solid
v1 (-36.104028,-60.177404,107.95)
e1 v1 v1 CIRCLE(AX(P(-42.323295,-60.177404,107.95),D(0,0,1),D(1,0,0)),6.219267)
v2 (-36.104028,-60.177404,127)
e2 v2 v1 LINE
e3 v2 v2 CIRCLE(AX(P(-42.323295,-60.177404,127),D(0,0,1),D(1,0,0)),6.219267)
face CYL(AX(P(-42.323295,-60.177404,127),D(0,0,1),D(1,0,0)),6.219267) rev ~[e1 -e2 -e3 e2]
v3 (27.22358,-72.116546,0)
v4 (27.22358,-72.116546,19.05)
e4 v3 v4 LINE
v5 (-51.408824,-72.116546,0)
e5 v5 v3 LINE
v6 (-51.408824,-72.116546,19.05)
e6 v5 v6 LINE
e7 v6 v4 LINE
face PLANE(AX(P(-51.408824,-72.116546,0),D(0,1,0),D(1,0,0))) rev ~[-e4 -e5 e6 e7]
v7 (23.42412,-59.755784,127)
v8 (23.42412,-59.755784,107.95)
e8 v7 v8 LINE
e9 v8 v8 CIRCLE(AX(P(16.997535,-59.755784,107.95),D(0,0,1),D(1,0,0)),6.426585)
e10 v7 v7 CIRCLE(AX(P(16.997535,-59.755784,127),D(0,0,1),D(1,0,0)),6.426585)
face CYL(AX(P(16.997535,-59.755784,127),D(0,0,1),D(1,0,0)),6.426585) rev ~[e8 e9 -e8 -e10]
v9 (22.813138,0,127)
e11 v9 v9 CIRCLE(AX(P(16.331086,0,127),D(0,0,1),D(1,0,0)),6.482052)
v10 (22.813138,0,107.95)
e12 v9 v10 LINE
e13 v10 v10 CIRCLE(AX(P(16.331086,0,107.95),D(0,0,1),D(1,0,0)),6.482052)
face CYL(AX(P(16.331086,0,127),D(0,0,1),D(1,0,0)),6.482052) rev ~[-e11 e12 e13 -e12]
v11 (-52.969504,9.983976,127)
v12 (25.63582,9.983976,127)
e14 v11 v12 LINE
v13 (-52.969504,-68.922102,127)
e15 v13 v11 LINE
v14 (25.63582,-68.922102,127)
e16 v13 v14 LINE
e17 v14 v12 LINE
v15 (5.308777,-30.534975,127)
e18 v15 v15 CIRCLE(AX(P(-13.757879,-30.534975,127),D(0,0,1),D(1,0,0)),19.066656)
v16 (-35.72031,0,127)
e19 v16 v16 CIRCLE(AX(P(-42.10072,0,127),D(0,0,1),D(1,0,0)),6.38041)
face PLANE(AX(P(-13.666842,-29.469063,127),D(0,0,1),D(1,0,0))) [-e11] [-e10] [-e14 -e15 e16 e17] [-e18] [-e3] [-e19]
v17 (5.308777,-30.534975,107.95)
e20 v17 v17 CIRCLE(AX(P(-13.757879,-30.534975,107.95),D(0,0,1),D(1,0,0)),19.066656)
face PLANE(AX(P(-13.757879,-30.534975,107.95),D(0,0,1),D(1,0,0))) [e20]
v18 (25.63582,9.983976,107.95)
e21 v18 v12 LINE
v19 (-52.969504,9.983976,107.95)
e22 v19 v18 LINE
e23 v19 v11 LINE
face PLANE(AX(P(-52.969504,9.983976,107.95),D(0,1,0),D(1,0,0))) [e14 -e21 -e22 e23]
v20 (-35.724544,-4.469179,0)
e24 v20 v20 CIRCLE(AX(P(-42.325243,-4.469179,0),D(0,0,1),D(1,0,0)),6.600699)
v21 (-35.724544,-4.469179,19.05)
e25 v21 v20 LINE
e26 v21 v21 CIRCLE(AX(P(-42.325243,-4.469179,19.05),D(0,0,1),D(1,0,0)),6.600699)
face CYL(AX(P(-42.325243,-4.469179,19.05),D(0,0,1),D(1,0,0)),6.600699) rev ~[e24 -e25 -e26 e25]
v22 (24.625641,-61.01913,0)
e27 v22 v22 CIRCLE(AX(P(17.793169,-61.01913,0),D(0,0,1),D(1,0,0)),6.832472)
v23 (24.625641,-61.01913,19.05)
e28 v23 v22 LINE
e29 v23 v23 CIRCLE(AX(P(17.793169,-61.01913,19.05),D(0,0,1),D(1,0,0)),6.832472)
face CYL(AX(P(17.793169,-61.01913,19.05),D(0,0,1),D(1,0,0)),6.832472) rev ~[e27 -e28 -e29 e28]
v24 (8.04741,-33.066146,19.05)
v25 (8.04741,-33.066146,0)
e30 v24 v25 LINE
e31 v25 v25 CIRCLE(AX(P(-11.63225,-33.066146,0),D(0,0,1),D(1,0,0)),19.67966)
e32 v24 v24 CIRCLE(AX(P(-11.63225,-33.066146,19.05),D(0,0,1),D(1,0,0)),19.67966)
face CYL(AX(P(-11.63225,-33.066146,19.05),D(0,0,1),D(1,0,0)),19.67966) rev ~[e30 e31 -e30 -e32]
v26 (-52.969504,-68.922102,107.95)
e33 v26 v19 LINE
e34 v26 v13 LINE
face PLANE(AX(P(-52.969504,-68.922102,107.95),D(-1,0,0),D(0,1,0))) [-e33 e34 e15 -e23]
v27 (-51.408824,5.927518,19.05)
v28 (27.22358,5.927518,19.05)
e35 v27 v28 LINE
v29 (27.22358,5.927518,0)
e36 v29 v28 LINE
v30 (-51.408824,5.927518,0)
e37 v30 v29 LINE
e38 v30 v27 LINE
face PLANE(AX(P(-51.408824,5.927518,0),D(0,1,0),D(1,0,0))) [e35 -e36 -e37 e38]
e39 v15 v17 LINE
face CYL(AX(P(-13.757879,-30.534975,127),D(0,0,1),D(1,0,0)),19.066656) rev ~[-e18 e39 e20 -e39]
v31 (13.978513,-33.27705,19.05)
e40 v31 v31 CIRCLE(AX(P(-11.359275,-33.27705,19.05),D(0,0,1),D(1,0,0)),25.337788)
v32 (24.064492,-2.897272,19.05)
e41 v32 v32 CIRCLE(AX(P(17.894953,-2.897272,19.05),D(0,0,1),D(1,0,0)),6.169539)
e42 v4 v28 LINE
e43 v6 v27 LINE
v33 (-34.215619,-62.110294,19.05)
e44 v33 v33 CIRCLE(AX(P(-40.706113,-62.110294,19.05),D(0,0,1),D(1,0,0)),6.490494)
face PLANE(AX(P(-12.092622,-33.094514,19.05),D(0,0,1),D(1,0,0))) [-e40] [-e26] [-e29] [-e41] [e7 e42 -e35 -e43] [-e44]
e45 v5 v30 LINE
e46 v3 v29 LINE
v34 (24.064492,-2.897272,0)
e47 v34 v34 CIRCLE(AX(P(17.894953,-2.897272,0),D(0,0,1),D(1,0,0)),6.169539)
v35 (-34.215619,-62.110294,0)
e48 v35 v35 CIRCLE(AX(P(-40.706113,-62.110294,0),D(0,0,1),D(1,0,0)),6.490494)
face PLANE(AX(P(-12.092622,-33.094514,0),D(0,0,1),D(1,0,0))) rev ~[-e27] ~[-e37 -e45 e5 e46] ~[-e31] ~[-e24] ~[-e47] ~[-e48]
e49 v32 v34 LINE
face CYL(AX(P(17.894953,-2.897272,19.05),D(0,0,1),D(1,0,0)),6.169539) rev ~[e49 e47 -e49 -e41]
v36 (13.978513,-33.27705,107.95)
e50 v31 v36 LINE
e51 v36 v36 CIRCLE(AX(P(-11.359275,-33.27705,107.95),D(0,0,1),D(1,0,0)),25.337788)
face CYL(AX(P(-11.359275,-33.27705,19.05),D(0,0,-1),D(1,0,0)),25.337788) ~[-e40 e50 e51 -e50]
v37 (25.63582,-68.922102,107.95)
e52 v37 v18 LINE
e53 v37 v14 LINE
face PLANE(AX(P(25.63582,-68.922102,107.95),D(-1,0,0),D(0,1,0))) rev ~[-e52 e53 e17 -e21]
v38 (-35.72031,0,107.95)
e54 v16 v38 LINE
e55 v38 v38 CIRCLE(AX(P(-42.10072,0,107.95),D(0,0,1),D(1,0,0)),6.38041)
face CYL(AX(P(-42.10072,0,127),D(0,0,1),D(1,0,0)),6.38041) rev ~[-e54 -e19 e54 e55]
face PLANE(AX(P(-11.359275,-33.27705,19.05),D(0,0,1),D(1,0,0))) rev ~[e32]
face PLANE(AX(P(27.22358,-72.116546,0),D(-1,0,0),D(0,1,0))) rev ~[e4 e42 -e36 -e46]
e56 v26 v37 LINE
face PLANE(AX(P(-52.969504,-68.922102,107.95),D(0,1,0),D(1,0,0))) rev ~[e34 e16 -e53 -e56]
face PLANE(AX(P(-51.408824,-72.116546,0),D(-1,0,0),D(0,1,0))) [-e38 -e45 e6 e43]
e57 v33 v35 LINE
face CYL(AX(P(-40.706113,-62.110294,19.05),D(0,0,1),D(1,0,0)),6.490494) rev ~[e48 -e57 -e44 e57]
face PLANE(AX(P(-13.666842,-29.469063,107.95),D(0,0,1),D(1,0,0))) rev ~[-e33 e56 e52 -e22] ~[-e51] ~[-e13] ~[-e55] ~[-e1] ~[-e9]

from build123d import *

# Parameters (mm, degrees)
F0_W      = 78.632404
F0_H      = 78.044064
F1_DEPTH  = 19.05
F7_R      = 19.67966
F8_DEPTH  = 25.4
F9_R      = 25.337788
F10_DEPTH = 88.9
F11_W     = 78.605324
F11_H     = 78.906078
F12_DEPTH = 19.05
F13_R     = 19.066656
F14_DEPTH = 19.05
F6_R      = 6.832472
F15_DEPTH = 304.8
F4_R      = 6.169539
F16_DEPTH = 25.4
F3_R      = 6.600699
F17_DEPTH = 25.4
F5_R      = 6.490494
F18_DEPTH = 25.4
F19_R     = 6.482052
F19_R_2   = 6.426585
F19_R_3   = 6.219267
F19_R_4   = 6.38041
F20_DEPTH = 25.4


with BuildPart() as f1:
    # F0 (on Top) → F1 (new body)
    with BuildSketch(Plane.XY):
        with Locations((-12.092622, -33.094514)):
            Rectangle(F0_W, F0_H)
    extrude(amount=F1_DEPTH)

    # F7 (on face) → F8 (cut)
    with BuildSketch(Plane.XY.offset(19.05)):
        with Locations((-11.63225, -33.066146)):
            Circle(F7_R)
    extrude(amount=-F8_DEPTH, mode=Mode.SUBTRACT)

    # F9 (on face) → F10 (join)
    with BuildSketch(Plane.XY.offset(19.05)):
        with Locations((-11.359275, -33.27705)):
            Circle(F9_R)
    extrude(amount=F10_DEPTH)

    # F11 (on face) → F12 (join)
    with BuildSketch(Plane.XY.offset(107.95)):
        with Locations((-13.666842, -29.469063)):
            Rectangle(F11_W, F11_H)
    extrude(amount=F12_DEPTH)

    # F13 (on face) → F14 (cut)
    with BuildSketch(Plane.XY.offset(127)):
        with Locations((-13.757879, -30.534975)):
            Circle(F13_R)
    extrude(amount=-F14_DEPTH, mode=Mode.SUBTRACT)

    # F6 (on face) → F15 (cut)
    with BuildSketch(Plane.XY.offset(19.05)):
        with Locations((17.793169, -61.01913)):
            Circle(F6_R)
    extrude(amount=-F15_DEPTH, mode=Mode.SUBTRACT)

    # F4 (on face) → F16 (cut)
    with BuildSketch(Plane.XY.offset(19.05)):
        with Locations((17.894953, -2.897272)):
            Circle(F4_R)
    extrude(amount=-F16_DEPTH, mode=Mode.SUBTRACT)

    # F3 (on face) → F17 (cut)
    with BuildSketch(Plane.XY.offset(19.05)):
        with Locations((-42.325243, -4.469179)):
            Circle(F3_R)
    extrude(amount=-F17_DEPTH, mode=Mode.SUBTRACT)

    # F5 (on face) → F18 (cut)
    with BuildSketch(Plane.XY.offset(19.05)):
        with Locations((-40.706113, -62.110294)):
            Circle(F5_R)
    extrude(amount=-F18_DEPTH, mode=Mode.SUBTRACT)

    # F19 (on face) → F20 (cut)
    with BuildSketch(Plane.XY.offset(127)):
        with Locations((16.331086, 0)):
            Circle(F19_R)
        with Locations((16.997535, -59.755784)):
            Circle(F19_R_2)
        with Locations((-42.323295, -60.177404)):
            Circle(F19_R_3)
        with Locations((-42.10072, 0)):
            Circle(F19_R_4)
    extrude(amount=-F20_DEPTH, mode=Mode.SUBTRACT)


solid = f1.part
